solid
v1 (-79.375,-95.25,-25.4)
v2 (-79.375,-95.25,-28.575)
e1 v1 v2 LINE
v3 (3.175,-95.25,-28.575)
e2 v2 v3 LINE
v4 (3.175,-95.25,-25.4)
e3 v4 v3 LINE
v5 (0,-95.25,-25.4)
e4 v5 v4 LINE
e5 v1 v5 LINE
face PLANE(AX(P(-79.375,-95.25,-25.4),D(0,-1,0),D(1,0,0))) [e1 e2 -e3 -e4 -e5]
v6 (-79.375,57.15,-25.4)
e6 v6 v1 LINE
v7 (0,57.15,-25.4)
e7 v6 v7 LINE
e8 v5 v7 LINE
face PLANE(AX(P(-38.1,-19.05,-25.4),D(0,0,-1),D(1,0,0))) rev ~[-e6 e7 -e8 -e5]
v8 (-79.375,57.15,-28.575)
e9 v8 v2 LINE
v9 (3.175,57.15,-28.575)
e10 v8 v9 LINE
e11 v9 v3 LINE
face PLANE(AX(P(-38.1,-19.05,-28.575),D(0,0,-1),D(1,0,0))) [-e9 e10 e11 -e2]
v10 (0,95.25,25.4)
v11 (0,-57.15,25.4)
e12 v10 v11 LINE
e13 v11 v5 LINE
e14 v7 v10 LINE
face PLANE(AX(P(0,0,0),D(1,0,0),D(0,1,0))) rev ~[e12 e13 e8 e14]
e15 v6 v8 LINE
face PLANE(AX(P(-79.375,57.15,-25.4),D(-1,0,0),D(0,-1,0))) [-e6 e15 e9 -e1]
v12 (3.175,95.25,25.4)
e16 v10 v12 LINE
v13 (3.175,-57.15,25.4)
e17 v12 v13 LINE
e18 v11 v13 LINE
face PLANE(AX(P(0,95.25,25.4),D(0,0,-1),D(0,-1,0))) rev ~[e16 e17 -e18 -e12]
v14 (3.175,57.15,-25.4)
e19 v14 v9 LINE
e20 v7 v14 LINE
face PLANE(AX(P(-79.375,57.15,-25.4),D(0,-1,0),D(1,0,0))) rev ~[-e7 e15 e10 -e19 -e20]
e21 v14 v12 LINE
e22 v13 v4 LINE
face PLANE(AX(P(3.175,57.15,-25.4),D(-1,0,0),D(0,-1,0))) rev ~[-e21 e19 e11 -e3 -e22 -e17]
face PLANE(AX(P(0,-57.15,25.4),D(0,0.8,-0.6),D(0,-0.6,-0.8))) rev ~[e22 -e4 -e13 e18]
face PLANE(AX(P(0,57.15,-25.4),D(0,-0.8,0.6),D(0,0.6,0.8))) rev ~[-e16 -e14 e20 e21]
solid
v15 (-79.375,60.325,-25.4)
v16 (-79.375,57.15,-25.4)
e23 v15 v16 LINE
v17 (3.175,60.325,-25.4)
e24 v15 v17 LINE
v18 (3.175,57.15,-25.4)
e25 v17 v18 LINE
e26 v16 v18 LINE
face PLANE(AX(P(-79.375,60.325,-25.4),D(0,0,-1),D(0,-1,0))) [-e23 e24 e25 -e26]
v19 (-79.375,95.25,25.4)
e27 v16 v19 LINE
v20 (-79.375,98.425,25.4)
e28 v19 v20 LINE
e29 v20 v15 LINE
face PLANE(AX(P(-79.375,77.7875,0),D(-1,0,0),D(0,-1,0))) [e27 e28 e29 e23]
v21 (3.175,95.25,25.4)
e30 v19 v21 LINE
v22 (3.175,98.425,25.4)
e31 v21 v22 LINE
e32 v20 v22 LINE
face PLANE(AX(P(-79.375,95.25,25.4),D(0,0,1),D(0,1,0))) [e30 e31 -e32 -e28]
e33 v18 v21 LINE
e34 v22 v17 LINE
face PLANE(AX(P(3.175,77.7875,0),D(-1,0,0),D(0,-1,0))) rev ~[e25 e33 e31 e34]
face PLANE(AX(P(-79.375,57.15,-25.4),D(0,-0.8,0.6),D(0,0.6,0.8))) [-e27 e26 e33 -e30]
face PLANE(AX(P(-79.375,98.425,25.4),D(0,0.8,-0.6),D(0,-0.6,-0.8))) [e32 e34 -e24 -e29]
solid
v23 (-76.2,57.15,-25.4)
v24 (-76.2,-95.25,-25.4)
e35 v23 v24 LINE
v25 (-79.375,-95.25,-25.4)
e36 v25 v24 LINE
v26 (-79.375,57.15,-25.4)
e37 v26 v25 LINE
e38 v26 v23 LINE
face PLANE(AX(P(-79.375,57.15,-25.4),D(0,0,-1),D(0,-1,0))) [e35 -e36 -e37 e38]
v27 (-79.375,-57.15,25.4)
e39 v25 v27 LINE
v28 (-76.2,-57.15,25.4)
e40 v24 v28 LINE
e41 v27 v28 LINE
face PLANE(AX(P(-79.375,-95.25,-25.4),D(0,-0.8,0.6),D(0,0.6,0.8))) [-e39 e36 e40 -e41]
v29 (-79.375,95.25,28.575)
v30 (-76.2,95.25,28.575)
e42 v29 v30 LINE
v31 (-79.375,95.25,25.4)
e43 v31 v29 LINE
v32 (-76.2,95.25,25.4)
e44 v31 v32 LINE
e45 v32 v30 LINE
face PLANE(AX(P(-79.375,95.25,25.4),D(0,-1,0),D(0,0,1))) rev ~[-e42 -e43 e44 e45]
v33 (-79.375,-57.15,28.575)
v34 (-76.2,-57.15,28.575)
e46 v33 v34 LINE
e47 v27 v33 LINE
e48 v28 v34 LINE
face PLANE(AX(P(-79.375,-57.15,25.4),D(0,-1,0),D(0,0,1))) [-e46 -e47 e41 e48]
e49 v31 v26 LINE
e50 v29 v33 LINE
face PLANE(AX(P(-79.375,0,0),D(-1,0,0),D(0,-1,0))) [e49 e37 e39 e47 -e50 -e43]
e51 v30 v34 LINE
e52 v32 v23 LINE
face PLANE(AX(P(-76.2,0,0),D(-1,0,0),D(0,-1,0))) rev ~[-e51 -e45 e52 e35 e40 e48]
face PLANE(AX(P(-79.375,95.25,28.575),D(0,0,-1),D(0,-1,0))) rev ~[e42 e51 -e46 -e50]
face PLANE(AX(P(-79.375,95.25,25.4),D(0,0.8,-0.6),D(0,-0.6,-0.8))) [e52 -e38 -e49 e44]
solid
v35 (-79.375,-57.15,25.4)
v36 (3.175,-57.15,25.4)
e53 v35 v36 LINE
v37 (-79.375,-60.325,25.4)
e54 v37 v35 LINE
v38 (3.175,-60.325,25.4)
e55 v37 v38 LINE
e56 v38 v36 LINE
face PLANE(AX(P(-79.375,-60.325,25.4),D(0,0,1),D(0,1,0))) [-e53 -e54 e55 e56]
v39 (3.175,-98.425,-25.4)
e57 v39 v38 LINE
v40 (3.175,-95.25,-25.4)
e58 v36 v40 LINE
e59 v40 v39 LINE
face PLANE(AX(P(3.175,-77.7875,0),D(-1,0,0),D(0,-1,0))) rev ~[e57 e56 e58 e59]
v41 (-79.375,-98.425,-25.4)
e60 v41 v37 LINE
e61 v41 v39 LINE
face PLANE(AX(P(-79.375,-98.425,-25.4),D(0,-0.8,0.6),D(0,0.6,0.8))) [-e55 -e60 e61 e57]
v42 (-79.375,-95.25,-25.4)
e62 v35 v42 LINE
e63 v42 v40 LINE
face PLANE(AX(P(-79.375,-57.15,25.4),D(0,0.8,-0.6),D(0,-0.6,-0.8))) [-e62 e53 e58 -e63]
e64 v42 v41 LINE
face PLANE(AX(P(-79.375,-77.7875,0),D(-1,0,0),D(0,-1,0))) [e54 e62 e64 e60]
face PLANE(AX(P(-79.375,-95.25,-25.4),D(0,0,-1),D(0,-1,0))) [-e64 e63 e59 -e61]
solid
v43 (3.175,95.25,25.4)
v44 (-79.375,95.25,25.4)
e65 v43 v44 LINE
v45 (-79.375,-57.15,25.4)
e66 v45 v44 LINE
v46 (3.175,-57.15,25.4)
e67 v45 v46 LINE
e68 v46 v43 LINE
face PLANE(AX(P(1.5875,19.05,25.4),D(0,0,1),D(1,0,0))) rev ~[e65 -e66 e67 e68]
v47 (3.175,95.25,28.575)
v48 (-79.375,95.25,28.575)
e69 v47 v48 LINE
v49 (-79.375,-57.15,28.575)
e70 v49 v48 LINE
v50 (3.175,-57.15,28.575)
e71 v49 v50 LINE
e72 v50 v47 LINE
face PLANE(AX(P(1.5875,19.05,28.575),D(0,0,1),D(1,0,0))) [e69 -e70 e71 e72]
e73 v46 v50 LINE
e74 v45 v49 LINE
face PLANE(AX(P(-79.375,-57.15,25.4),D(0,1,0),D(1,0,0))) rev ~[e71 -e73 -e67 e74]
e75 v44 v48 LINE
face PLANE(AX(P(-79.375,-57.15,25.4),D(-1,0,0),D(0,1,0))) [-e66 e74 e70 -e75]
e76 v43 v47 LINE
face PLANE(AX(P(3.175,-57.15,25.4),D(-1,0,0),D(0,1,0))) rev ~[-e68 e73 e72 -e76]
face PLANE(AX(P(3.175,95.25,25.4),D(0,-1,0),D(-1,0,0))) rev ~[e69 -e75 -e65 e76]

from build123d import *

# Parameters (mm, degrees)
F1_DEPTH  = 3.175
F2_W      = 3.175
F2_H      = 152.4
F2_W_2    = 79.375
F3_DEPTH  = 3.175
F4_W      = 82.55
F4_H      = 152.4
F5_DEPTH  = 3.175
F6_W      = 152.4
F6_H      = 3.175
F7_DEPTH  = 3.175
F9_DEPTH  = 82.55
F11_DEPTH = 82.55


with BuildPart() as f1:
    # F0 (on Right) → F1 (new body)
    with BuildSketch(Plane.YZ):
        Polygon((57.15, -25.4), (95.25, 25.4), (-57.15, 25.4), (-95.25, -25.4), align=None)
    extrude(amount=F1_DEPTH)

    # F4 (on face) → F5 (join)
    with BuildSketch(Plane(origin=(0, 0, -25.4), x_dir=(1, 0, 0), z_dir=(0, 0, -1))):
        with Locations((-38.1, 19.05)):
            Rectangle(F4_W, F4_H)
    extrude(amount=F5_DEPTH)


with BuildPart() as f3:
    # F2 (on face) → F3 (new body)
    with BuildSketch(Plane.XY.offset(25.4)):
        with Locations((1.5875, 19.05)):
            Rectangle(F2_W, F2_H)
        with Locations((-39.6875, 19.05)):
            Rectangle(F2_W_2, F2_H)
    extrude(amount=F3_DEPTH)


with BuildPart() as f7:
    # F6 (on face) → F7 (new body)
    with BuildSketch(Plane(origin=(-79.375, 0, 0), x_dir=(0, -1, 0), z_dir=(-1, 0, 0))):
        Polygon((57.15, 25.4), (-95.25, 25.4), (-57.15, -25.4), (95.25, -25.4), align=None)
        with Locations((-19.05, 26.9875)):
            Rectangle(F6_W, F6_H)
    extrude(amount=-F7_DEPTH)


with BuildPart() as f9:
    # F8 (on face) → F9 (new body)
    with BuildSketch(Plane(origin=(-79.375, 0, 0), x_dir=(0, -1, 0), z_dir=(-1, 0, 0))):
        Polygon((-98.425, 25.4), (-60.325, -25.4), (-57.15, -25.4), (-95.25, 25.4), align=None)
    extrude(amount=-F9_DEPTH)


with BuildPart() as f11:
    # F10 (on face) → F11 (new body)
    with BuildSketch(Plane(origin=(-79.375, 0, 0), x_dir=(0, -1, 0), z_dir=(-1, 0, 0))):
        Polygon((60.325, 25.4), (57.15, 25.4), (95.25, -25.4), (98.425, -25.4), align=None)
    extrude(amount=-F11_DEPTH)


solid = Compound([f1.part, f3.part, f7.part, f9.part, f11.part])
